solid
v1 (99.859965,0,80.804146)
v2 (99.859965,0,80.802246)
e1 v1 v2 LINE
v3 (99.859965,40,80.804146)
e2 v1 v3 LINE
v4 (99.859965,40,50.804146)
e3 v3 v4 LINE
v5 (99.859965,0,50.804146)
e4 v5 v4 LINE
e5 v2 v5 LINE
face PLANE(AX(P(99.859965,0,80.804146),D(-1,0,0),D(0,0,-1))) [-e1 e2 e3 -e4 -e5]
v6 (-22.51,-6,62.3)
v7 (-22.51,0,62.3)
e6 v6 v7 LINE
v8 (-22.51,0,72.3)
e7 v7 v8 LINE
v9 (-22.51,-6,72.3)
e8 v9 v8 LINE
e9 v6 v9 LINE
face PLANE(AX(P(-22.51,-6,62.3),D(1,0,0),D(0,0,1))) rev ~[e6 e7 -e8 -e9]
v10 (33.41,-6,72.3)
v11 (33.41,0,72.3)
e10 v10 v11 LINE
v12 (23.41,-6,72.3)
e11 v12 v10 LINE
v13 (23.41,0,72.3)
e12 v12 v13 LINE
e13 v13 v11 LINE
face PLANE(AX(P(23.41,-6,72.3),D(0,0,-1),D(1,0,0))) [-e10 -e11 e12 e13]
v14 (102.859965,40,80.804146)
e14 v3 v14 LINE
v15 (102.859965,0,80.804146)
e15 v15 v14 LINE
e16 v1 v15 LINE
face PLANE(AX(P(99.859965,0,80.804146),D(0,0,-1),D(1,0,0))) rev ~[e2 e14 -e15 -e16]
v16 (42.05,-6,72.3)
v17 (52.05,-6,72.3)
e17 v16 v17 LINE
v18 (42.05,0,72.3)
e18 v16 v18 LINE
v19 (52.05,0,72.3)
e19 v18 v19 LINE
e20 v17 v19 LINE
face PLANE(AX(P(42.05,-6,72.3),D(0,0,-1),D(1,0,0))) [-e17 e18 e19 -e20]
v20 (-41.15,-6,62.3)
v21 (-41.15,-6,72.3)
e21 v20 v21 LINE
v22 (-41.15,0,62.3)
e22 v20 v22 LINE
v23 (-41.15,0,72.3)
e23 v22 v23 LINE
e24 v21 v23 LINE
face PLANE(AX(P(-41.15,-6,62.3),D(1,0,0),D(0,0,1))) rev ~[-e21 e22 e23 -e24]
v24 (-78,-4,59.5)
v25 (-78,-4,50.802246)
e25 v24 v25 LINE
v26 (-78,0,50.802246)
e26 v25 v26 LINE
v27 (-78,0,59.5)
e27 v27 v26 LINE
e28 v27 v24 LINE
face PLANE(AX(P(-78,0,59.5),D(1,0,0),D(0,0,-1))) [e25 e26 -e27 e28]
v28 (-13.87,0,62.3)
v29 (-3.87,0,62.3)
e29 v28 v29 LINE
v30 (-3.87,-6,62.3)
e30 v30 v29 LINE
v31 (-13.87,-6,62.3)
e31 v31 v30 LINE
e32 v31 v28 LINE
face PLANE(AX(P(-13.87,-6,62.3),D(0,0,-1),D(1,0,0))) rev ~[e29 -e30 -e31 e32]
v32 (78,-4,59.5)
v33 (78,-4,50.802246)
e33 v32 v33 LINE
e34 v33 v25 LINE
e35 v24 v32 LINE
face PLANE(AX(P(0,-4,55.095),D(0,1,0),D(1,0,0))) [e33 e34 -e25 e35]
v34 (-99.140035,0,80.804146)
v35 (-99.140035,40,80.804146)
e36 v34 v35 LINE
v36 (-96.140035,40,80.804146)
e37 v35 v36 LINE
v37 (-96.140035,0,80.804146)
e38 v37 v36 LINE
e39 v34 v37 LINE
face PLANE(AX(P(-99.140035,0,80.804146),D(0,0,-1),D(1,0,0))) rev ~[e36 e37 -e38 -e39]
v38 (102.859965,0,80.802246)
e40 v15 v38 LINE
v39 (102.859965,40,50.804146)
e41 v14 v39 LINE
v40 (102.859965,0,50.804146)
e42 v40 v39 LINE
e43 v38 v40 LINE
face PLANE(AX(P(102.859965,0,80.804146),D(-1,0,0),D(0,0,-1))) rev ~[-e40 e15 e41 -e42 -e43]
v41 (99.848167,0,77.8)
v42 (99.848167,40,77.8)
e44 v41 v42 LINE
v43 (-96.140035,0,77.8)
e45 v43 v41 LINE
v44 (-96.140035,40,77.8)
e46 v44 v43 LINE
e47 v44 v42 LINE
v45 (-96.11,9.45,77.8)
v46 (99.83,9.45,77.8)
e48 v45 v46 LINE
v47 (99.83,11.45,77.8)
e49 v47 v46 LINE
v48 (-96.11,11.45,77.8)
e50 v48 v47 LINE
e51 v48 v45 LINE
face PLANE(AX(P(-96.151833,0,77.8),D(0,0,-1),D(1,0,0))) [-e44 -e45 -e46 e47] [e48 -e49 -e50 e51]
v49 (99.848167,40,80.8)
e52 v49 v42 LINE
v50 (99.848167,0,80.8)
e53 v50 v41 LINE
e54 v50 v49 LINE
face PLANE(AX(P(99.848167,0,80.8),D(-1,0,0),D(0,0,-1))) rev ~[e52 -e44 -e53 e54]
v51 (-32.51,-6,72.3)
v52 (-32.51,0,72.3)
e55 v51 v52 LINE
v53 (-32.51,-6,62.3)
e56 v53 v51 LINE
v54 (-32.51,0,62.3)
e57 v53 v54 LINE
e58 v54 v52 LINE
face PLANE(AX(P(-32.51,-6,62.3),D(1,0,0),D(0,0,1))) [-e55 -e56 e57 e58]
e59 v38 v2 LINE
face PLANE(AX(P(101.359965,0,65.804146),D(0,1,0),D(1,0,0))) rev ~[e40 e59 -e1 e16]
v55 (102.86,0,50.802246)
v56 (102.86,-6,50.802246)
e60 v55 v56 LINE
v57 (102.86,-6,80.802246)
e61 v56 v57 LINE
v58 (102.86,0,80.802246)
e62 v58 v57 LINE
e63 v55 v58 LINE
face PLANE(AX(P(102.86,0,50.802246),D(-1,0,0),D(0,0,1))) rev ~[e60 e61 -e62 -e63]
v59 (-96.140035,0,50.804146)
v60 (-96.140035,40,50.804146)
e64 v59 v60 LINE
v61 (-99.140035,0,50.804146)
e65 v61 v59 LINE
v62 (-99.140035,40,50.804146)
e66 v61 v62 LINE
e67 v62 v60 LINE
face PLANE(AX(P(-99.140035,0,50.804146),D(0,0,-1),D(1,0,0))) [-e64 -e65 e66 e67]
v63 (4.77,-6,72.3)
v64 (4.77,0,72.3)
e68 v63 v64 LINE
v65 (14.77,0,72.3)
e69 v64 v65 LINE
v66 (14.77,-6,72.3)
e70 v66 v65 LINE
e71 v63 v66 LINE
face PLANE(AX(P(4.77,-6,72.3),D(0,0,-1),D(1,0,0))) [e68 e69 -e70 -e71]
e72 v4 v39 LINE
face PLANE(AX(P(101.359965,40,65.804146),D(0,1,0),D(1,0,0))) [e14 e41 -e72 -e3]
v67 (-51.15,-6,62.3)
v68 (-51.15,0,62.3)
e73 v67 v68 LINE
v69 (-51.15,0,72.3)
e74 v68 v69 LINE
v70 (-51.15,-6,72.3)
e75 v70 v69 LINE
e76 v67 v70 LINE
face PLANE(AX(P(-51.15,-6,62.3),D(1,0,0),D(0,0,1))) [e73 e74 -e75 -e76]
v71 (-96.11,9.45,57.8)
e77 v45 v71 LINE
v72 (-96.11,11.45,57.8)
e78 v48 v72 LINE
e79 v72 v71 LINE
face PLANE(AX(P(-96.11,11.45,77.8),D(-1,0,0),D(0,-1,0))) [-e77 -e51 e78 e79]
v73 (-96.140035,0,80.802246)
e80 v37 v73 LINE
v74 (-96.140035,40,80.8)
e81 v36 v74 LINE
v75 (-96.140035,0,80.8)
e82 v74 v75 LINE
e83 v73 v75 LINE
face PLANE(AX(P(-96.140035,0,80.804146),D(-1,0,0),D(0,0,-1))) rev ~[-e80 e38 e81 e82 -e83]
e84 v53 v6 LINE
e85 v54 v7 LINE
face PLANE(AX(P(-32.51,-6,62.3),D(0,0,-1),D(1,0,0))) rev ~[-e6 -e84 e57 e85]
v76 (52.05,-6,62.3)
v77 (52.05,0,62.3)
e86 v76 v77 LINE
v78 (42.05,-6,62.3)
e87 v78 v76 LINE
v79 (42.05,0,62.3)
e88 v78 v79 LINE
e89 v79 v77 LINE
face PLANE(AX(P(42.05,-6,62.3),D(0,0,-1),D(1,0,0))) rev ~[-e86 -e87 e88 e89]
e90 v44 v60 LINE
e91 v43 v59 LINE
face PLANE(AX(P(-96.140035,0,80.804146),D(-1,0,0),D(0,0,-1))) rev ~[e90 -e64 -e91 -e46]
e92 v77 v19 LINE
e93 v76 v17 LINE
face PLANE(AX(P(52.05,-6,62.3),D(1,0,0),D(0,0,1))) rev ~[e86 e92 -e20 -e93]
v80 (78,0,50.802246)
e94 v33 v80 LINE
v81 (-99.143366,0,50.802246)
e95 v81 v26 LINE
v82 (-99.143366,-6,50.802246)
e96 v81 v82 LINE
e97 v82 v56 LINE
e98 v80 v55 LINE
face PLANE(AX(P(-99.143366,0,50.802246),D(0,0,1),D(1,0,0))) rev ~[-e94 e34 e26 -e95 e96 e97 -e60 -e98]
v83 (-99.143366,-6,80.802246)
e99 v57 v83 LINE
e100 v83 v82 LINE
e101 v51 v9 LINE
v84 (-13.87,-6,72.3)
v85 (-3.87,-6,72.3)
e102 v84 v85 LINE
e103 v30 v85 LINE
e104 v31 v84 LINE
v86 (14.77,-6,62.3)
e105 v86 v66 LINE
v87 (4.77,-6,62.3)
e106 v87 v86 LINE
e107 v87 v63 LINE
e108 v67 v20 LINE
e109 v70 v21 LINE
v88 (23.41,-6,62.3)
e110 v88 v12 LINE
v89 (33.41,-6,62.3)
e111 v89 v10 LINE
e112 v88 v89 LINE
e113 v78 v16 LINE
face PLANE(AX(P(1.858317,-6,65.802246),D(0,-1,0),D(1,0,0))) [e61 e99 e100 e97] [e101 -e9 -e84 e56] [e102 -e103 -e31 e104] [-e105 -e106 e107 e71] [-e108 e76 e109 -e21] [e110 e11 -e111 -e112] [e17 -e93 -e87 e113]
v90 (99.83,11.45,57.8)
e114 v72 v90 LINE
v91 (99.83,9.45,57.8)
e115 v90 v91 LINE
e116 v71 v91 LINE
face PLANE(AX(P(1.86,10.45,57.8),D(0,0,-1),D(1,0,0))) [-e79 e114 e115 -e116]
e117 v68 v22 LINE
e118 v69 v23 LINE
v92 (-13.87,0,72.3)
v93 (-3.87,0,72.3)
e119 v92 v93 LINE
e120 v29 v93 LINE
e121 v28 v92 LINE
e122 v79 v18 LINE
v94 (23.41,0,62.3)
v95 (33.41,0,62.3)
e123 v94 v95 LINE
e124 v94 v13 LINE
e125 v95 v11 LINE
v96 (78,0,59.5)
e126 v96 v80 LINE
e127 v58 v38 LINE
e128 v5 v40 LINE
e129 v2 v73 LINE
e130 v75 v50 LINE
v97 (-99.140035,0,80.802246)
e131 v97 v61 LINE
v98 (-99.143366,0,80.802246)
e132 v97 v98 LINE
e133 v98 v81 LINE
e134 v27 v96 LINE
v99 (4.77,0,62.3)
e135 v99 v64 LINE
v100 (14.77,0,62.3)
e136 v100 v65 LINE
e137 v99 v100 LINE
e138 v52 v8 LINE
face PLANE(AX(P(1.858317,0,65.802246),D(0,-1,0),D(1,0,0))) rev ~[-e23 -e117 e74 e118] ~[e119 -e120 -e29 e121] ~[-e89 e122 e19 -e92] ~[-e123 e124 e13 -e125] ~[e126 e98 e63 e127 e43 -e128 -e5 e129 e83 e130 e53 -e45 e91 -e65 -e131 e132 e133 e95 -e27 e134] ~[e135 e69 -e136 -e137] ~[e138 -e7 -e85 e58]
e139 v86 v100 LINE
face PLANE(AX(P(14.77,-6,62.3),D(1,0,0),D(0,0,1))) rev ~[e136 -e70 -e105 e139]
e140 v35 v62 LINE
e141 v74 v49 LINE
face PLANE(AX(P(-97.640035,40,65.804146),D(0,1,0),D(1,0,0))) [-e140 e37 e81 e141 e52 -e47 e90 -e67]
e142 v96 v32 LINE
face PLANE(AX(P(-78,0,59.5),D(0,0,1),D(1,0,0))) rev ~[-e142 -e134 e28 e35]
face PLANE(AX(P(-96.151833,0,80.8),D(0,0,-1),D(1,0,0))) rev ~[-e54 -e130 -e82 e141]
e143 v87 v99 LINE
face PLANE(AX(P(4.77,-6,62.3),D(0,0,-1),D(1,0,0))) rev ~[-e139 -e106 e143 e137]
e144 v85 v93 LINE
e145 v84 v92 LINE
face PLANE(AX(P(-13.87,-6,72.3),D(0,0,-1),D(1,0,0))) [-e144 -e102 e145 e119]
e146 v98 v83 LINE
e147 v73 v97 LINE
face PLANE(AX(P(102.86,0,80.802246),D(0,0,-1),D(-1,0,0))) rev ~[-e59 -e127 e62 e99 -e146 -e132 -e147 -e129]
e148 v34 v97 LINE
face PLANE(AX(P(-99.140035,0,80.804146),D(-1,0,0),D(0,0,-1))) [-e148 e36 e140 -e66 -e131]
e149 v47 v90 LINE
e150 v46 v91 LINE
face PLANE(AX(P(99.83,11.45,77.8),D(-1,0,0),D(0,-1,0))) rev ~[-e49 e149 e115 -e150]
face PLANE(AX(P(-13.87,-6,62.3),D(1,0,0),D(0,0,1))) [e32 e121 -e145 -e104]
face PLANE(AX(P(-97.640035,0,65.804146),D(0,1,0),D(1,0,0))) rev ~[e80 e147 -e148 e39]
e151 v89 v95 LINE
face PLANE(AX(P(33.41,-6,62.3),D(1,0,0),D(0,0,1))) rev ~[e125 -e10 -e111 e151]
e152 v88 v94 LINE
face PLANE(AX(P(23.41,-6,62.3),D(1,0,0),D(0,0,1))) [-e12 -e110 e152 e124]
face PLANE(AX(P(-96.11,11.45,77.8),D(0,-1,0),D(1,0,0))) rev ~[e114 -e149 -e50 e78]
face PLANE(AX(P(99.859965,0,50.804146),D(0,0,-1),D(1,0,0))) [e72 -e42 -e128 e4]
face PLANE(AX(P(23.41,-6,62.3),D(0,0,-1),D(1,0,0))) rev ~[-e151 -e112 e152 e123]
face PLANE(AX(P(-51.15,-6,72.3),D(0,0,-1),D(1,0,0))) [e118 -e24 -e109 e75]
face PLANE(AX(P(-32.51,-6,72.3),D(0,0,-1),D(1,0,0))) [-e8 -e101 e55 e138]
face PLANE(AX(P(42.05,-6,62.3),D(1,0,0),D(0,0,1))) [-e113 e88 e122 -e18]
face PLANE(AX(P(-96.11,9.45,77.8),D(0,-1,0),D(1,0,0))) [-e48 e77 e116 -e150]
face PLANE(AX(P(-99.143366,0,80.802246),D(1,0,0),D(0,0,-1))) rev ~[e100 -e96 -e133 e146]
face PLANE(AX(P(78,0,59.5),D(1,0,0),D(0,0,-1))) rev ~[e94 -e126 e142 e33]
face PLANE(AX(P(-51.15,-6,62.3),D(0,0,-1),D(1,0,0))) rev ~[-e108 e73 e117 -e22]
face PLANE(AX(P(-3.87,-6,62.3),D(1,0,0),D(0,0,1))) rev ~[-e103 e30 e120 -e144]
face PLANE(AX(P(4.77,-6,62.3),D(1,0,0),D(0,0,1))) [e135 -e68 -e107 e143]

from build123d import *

# Parameters (mm, degrees)
PAD_DEPTH           = 6
SKETCH001_W         = 156
SKETCH001_H         = 8.81
POCKET_DEPTH        = 4
SKETCH015_W         = 10
SKETCH015_H         = 10
POCKET001_DEPTH     = 6.001
SKETCH016_W         = 3
SKETCH016_H         = 30
PAD001_DEPTH        = 40
LINEARPATTERN_COUNT = 2
LINEARPATTERN_PITCH = 199
SKETCH017_W         = 196
SKETCH017_H         = 3
PAD002_DEPTH        = 40
SKETCH018_W         = 195.94
SKETCH018_H         = 2
PAD003_DEPTH        = 20


with BuildPart() as part:
    # Sketch → Pad (new body)
    with BuildSketch(Plane.XZ):
        Polygon((-69.143125, 50.802246), (72.856875, 50.802246), (102.86, 50.802246), (102.86, 80.802246), (-99.143366, 80.802246), (-99.143366, 50.802246), align=None)
    extrude(amount=PAD_DEPTH)

    # Sketch001 → Pocket (cut)
    with BuildSketch(Plane(origin=(0, 0, 0), x_dir=(1, 0, 0), z_dir=(0, 1, 0))):
        with Locations((0, -55.095)):
            Rectangle(SKETCH001_W, SKETCH001_H)
    extrude(amount=-POCKET_DEPTH, mode=Mode.SUBTRACT)

    # Sketch015 → Pocket001 (cut, through all)
    with BuildSketch(Plane.XZ.offset(6)):
        with Locations((-46.15, 67.3)):
            Rectangle(SKETCH015_W, SKETCH015_H)
        with Locations((-27.51, 67.3)):
            Rectangle(SKETCH015_W, SKETCH015_H)
        with Locations((-8.87, 67.3)):
            Rectangle(SKETCH015_W, SKETCH015_H)
        with Locations((9.77, 67.3)):
            Rectangle(SKETCH015_W, SKETCH015_H)
        with Locations((28.41, 67.3)):
            Rectangle(SKETCH015_W, SKETCH015_H)
        with Locations((47.05, 67.3)):
            Rectangle(SKETCH015_W, SKETCH015_H)
    extrude(amount=-POCKET001_DEPTH, mode=Mode.SUBTRACT)

    # Sketch016 (on Face4 of Pocket001) → Pad001 (join)
    with BuildSketch(Plane(origin=(0, 0, 0), x_dir=(1, 0, 0), z_dir=(0, 1, 0))):
        with Locations((101.359965, -65.804146)):
            Rectangle(SKETCH016_W, SKETCH016_H)
    pad001 = extrude(amount=PAD001_DEPTH)

    # LinearPattern: Pad001 ×2
    with Locations(*[(-i * LINEARPATTERN_PITCH, 0, 0) for i in range(1, LINEARPATTERN_COUNT)]):
        add(pad001)

    # Sketch017 (on Face4 of LinearPattern) → Pad002 (join)
    with BuildSketch(Plane(origin=(0, 0, 0), x_dir=(1, 0, 0), z_dir=(0, 1, 0))):
        with Locations((1.848167, -79.3)):
            Rectangle(SKETCH017_W, SKETCH017_H)
    extrude(amount=PAD002_DEPTH)

    # Sketch018 (on Face21 of Pad002) → Pad003 (join)
    with BuildSketch(Plane(origin=(0, 0, 77.8), x_dir=(1, 0, 0), z_dir=(0, 0, -1))):
        with Locations((1.86, -10.45)):
            Rectangle(SKETCH018_W, SKETCH018_H)
    extrude(amount=PAD003_DEPTH)


solid = part.part
